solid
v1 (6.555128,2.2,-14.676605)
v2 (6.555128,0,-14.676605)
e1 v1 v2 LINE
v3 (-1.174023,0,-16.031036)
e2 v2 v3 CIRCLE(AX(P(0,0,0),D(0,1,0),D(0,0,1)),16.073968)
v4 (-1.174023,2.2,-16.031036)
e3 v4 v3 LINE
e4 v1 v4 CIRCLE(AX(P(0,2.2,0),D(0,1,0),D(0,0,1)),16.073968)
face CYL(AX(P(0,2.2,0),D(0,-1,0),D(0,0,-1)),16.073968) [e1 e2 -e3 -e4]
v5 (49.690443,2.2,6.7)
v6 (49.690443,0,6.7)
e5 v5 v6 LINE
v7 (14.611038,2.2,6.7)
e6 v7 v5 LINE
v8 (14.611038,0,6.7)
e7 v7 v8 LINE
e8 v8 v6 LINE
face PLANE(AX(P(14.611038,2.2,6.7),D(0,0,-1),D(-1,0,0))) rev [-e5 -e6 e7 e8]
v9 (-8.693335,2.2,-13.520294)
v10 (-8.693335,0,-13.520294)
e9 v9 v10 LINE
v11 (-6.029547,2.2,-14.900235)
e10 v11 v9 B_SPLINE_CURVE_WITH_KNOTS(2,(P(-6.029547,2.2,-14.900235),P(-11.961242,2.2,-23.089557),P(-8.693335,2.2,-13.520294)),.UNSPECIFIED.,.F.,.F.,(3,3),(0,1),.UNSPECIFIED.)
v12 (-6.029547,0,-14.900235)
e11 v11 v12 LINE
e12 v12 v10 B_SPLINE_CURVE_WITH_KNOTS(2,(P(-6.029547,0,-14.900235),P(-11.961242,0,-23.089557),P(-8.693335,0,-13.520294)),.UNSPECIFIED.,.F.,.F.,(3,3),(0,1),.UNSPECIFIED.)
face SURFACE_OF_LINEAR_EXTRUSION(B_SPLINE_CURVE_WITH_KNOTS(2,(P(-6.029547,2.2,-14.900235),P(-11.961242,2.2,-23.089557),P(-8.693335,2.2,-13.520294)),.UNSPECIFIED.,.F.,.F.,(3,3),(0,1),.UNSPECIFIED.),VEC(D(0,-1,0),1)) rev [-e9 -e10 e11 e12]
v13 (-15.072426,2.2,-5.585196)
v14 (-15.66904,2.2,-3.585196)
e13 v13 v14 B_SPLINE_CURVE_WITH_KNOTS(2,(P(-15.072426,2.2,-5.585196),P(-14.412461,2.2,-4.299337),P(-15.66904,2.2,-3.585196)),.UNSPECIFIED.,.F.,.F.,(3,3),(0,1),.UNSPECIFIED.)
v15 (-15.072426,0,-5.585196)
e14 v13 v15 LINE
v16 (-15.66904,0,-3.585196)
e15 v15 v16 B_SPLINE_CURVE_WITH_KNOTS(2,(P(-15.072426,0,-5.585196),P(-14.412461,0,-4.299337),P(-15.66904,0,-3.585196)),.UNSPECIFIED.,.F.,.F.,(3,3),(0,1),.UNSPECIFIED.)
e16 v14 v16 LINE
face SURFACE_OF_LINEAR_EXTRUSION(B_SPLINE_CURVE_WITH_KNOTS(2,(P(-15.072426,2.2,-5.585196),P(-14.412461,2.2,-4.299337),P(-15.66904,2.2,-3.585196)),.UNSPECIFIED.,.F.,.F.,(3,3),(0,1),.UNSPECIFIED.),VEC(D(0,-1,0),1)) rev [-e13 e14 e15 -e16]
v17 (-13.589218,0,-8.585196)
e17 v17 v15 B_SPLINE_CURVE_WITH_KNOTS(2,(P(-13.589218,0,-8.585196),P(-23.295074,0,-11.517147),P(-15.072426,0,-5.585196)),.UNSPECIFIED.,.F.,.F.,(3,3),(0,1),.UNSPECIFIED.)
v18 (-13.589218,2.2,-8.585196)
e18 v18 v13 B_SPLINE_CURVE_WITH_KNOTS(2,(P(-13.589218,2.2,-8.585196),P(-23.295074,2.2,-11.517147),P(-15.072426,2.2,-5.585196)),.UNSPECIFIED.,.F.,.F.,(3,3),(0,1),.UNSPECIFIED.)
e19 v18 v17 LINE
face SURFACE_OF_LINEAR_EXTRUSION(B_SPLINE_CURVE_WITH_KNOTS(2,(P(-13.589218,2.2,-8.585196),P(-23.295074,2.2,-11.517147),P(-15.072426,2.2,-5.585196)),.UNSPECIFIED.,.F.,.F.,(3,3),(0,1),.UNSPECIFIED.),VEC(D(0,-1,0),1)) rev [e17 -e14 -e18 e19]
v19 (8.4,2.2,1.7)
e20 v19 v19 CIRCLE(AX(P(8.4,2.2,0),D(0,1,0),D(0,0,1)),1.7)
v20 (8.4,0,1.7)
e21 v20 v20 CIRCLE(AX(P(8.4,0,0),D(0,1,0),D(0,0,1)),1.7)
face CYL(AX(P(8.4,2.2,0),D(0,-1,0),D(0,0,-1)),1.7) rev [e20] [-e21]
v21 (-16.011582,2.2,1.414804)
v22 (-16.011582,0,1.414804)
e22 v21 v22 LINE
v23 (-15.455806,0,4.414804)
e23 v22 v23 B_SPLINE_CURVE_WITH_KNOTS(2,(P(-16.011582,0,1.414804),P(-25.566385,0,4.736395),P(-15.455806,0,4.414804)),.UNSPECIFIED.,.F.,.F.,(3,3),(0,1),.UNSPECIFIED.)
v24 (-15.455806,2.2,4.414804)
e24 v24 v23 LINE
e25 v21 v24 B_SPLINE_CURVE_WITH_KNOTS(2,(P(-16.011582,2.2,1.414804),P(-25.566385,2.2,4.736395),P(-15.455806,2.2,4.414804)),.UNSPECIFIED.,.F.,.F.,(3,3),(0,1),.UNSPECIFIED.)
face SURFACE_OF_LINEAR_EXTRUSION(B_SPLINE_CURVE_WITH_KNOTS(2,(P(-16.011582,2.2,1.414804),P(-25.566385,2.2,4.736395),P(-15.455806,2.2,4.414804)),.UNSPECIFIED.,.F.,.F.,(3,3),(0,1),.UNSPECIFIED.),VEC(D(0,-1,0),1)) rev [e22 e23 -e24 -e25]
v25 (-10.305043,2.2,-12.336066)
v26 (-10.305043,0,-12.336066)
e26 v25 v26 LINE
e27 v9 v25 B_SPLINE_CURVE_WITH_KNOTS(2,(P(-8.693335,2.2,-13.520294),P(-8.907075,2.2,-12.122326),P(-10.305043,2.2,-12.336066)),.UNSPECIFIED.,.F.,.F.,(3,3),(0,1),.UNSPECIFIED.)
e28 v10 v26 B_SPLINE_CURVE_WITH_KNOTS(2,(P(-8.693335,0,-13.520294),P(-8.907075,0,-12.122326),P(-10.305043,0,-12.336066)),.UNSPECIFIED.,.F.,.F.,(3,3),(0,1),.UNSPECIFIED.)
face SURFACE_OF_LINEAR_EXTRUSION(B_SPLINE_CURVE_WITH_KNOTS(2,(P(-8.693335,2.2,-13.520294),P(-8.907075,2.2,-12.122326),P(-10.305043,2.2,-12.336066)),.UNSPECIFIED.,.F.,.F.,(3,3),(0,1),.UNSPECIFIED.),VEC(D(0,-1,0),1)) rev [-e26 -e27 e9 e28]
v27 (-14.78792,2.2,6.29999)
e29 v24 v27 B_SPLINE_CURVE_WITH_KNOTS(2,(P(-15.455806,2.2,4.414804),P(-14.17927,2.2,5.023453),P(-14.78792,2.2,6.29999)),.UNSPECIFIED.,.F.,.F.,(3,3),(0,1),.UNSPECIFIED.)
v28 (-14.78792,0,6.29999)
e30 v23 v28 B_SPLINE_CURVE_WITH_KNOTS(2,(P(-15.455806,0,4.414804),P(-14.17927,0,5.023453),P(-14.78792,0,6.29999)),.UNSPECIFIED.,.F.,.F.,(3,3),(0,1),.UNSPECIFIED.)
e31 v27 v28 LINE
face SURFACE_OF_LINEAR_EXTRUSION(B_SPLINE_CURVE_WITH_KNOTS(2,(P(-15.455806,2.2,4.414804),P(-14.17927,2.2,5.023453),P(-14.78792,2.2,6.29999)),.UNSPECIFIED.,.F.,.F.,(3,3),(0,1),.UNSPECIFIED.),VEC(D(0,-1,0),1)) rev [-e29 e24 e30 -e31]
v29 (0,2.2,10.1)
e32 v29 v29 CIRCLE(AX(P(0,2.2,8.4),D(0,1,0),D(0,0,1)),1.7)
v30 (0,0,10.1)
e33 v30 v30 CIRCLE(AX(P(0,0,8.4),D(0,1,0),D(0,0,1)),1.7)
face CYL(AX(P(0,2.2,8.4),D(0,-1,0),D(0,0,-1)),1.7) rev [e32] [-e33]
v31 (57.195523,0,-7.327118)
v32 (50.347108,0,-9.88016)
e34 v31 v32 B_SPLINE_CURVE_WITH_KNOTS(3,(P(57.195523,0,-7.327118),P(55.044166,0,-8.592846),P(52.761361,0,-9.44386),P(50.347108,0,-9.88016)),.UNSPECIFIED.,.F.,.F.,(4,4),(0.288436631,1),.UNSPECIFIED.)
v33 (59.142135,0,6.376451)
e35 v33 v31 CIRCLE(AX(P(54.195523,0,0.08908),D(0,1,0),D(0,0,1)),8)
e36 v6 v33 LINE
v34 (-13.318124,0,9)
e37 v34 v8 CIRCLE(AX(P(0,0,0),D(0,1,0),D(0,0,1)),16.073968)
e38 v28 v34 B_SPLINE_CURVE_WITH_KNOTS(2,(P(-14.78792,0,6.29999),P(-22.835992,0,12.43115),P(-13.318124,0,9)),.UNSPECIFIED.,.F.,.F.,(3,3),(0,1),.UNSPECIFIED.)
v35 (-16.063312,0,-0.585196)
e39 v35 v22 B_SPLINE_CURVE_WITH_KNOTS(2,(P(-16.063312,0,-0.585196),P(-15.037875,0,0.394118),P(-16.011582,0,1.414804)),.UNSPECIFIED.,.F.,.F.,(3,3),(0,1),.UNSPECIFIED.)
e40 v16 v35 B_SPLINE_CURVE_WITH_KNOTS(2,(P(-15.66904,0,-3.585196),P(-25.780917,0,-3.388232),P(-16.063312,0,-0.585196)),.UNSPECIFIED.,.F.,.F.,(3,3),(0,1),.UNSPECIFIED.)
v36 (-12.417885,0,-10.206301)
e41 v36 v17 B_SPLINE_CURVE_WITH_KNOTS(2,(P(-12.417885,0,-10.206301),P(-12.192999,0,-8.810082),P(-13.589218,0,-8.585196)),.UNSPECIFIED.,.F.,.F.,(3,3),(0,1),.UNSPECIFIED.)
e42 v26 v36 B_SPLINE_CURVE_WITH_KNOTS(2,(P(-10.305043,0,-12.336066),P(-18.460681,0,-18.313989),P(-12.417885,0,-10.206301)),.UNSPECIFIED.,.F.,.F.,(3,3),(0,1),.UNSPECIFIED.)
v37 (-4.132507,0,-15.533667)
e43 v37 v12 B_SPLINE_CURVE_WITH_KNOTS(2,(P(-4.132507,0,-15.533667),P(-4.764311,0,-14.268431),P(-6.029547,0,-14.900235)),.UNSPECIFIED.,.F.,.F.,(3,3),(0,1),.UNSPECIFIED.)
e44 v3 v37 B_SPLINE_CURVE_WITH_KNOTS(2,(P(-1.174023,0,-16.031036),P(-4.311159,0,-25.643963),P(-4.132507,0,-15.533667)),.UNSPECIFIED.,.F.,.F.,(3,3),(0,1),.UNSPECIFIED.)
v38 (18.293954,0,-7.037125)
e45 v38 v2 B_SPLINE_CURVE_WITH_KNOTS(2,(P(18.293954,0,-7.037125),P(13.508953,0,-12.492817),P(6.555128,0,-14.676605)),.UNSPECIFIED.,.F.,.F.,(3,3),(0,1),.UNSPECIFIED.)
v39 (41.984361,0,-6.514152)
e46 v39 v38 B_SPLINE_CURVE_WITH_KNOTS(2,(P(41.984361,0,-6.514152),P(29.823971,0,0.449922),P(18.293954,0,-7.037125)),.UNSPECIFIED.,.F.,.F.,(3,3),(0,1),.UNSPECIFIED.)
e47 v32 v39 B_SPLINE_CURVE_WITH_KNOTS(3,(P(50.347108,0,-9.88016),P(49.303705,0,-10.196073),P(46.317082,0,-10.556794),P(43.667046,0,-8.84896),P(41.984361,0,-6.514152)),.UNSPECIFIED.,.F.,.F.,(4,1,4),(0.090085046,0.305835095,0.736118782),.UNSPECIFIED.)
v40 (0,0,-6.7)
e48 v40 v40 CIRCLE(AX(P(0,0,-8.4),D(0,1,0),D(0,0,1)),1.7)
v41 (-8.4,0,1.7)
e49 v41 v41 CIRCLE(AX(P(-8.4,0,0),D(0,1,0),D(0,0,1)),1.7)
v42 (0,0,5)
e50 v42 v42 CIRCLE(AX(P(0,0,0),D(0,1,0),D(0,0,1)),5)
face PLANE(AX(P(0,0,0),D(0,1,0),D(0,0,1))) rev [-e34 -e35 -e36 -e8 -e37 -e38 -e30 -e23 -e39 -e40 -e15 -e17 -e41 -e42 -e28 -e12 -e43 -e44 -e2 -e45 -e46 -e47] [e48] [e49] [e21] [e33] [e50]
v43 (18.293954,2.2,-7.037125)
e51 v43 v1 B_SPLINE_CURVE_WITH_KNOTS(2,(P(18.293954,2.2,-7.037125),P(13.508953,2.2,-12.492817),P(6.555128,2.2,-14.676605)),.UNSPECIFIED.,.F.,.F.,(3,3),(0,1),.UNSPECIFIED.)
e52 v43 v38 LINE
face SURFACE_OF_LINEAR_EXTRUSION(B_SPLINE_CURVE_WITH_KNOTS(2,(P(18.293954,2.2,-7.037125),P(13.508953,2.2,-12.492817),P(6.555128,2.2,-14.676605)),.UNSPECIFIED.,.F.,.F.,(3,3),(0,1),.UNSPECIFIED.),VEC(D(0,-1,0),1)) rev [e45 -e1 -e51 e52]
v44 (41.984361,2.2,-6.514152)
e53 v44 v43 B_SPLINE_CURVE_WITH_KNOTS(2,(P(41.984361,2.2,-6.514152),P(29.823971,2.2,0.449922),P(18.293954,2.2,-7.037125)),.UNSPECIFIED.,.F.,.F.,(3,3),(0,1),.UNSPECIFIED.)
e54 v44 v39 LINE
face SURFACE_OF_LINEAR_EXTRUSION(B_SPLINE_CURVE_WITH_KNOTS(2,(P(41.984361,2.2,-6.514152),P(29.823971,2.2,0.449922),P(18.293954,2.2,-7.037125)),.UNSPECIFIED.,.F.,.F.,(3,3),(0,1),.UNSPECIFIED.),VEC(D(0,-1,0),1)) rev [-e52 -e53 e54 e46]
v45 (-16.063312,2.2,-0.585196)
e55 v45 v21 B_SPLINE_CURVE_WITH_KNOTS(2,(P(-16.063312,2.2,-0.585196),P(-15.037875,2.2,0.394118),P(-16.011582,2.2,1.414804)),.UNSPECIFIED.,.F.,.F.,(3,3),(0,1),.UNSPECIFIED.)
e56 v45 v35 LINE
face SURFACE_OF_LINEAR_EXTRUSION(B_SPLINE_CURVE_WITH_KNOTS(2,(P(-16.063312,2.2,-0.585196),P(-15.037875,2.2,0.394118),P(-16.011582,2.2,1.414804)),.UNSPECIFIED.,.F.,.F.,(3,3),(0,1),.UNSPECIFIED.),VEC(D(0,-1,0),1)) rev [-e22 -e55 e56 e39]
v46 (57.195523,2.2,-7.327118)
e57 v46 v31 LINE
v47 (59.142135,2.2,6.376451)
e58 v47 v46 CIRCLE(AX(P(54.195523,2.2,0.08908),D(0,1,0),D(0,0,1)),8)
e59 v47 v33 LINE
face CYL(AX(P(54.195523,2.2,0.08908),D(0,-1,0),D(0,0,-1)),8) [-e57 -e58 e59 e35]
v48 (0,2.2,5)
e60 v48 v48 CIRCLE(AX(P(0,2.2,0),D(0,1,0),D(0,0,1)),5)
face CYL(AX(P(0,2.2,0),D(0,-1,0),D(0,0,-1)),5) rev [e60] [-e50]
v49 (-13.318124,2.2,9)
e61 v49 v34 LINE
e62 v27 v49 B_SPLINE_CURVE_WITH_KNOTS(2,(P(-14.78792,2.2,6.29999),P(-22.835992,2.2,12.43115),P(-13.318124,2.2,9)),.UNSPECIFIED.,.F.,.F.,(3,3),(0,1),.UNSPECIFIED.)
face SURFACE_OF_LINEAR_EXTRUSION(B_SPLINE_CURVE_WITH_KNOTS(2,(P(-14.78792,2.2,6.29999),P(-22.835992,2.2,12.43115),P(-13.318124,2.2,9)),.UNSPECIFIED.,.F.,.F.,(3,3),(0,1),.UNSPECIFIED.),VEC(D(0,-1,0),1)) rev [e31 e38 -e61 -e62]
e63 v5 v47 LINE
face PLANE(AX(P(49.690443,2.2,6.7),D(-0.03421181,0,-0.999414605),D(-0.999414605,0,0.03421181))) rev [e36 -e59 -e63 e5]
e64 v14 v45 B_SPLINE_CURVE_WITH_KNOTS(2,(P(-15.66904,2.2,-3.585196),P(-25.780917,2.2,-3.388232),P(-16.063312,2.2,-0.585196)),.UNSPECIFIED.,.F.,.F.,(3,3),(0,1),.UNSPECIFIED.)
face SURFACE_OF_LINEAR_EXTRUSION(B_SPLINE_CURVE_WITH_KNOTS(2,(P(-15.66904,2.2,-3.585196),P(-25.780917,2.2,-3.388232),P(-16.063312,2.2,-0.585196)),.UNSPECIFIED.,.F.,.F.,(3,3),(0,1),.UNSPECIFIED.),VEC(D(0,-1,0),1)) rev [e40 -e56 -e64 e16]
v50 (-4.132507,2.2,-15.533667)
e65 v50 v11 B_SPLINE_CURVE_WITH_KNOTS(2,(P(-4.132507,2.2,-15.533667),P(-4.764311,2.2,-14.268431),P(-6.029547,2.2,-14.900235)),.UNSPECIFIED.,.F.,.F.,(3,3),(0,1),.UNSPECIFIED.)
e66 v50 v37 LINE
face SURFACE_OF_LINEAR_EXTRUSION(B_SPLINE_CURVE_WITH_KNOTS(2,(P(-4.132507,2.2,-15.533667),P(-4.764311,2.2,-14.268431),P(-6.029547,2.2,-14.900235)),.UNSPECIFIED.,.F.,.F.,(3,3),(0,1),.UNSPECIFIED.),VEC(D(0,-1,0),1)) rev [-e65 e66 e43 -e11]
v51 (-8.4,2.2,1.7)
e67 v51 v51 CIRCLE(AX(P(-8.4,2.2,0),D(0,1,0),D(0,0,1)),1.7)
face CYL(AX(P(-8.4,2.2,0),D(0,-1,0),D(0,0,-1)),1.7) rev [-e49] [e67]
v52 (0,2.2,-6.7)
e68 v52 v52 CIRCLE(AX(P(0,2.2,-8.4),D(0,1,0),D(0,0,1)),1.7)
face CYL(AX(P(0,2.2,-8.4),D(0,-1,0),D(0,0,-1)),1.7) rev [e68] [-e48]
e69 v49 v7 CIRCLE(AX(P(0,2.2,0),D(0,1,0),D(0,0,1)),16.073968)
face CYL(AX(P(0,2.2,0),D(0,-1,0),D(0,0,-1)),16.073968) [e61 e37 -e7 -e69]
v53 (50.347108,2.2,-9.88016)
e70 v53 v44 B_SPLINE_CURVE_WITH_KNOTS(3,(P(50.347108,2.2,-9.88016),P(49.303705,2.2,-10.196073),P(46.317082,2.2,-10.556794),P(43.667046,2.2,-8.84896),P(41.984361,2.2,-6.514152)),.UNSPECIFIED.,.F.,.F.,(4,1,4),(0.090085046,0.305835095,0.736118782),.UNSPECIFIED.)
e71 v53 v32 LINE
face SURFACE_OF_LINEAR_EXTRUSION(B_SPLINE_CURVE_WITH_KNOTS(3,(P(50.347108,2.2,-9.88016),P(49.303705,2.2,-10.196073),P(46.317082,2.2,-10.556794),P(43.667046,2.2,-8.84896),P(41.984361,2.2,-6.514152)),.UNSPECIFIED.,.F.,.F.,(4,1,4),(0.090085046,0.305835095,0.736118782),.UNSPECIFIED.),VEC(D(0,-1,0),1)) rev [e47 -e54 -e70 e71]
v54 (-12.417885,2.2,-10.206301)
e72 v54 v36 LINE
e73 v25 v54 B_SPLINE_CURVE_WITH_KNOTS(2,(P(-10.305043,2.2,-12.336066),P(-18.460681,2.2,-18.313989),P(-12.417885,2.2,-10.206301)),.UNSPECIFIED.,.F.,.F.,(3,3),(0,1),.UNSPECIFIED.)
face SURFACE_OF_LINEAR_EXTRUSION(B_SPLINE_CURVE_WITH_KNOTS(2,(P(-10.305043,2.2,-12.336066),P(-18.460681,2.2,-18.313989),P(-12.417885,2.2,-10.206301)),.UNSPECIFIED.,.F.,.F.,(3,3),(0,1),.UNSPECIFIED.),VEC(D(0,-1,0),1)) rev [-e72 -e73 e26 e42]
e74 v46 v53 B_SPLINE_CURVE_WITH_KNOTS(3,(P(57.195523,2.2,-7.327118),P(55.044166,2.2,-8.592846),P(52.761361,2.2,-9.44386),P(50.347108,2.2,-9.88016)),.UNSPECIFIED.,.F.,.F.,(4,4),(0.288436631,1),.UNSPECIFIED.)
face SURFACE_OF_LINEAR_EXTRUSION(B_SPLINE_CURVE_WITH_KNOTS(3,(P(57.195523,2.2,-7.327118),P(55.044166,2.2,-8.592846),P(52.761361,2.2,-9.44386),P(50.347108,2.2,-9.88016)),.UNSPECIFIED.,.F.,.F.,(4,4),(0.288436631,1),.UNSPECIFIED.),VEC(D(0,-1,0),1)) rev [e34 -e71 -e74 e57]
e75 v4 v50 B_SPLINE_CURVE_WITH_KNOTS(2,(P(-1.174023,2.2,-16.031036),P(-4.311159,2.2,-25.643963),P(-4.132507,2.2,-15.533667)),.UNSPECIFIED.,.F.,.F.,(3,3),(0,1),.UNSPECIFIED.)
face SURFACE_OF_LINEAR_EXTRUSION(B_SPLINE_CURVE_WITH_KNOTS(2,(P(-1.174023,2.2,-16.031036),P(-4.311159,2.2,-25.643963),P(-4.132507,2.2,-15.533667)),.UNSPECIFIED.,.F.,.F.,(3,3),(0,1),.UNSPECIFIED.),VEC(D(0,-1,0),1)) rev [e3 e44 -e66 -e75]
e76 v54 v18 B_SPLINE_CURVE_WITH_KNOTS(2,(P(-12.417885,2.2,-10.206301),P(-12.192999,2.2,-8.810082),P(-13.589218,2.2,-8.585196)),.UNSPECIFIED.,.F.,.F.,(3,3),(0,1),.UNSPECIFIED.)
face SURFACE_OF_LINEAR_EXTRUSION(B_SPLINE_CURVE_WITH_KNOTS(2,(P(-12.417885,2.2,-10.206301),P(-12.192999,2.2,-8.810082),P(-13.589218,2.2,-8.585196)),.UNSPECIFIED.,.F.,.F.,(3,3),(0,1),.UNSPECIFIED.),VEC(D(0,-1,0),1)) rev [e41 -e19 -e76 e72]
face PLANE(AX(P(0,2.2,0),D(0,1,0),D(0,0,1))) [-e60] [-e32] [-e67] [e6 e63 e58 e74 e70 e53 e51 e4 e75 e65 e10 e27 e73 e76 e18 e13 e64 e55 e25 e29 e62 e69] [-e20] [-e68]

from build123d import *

# Parameters (mm, degrees)
SKETCH_1_R      = 5
SKETCH_1_R_2    = 1.7
EXTRUDE_1_DEPTH = 2.2


with BuildPart() as part:
    # 草图1 → 凸台-拉伸1 (new body)
    with BuildSketch(Plane(origin=(0, 0, 0), x_dir=(1, 0, 0), z_dir=(0, 1, 0))):
        with BuildLine():
            Line((14.611038219, -6.7), (49.690443214, -6.7))
            Line((49.690443214, -6.7), (59.14213471, -6.376451123))
            ThreePointArc((59.14213471, -6.376451123), (62.116009682, 1.036036266), (57.195522798, 7.327118086))
            add(Edge.make_bspline(
                [(50.347107534, 9.880159683), (52.761361064, 9.443859829), (55.044166152, 8.592845964), (57.195522798, 7.327118086)],
                knots=[0.288436631, 0.288436631, 0.288436631, 0.288436631, 1, 1, 1, 1], degree=3))
            add(Edge.make_bspline(
                [(41.984360593, 6.514151987), (43.667045792, 8.848960271), (46.317081673, 10.55679372), (49.303704664, 10.196073302), (50.347107534, 9.880159683)],
                knots=[0.090085046, 0.090085046, 0.090085046, 0.090085046, 0.520368733, 0.736118782, 0.736118782, 0.736118782, 0.736118782], degree=3))
            add(Edge.make_bspline(
                [(18.29395406, 7.037125327), (29.823970963, -0.449921726), (41.984360593, 6.514151987)],
                knots=[0, 0, 0, 1, 1, 1], degree=2))
            add(Edge.make_bspline(
                [(6.555128163, 14.676604942), (13.508953417, 12.492816522), (18.29395406, 7.037125327)],
                knots=[0, 0, 0, 1, 1, 1], degree=2))
            ThreePointArc((6.555128163, 14.676604942), (2.774471684, 15.832711225), (-1.174023286, 16.031035749))
            add(Edge.make_bspline(
                [(-4.132506817, 15.533667476), (-4.311159294, 25.643963381), (-1.174023286, 16.031035749)],
                knots=[0, 0, 0, 1, 1, 1], degree=2))
            add(Edge.make_bspline(
                [(-6.029547406, 14.900234761), (-4.764310754, 14.268430824), (-4.132506817, 15.533667476)],
                knots=[0, 0, 0, 1, 1, 1], degree=2))
            add(Edge.make_bspline(
                [(-8.69333509, 13.520294481), (-11.961242179, 23.089556901), (-6.029547406, 14.900234761)],
                knots=[0, 0, 0, 1, 1, 1], degree=2))
            add(Edge.make_bspline(
                [(-10.305043141, 12.336065974), (-8.907074862, 12.122326202), (-8.69333509, 13.520294481)],
                knots=[0, 0, 0, 1, 1, 1], degree=2))
            add(Edge.make_bspline(
                [(-12.417884822, 10.206300721), (-18.460681491, 18.31398895), (-10.305043141, 12.336065974)],
                knots=[0, 0, 0, 1, 1, 1], degree=2))
            add(Edge.make_bspline(
                [(-13.589217783, 8.585196439), (-12.192999161, 8.810082099), (-12.417884822, 10.206300721)],
                knots=[0, 0, 0, 1, 1, 1], degree=2))
            add(Edge.make_bspline(
                [(-15.07242577, 5.585196439), (-23.295073991, 11.517146599), (-13.589217783, 8.585196439)],
                knots=[0, 0, 0, 1, 1, 1], degree=2))
            add(Edge.make_bspline(
                [(-15.669039675, 3.585196439), (-14.412461062, 4.29933734), (-15.07242577, 5.585196439)],
                knots=[0, 0, 0, 1, 1, 1], degree=2))
            add(Edge.make_bspline(
                [(-16.063311706, 0.585196439), (-25.780917218, 3.388231532), (-15.669039675, 3.585196439)],
                knots=[0, 0, 0, 1, 1, 1], degree=2))
            add(Edge.make_bspline(
                [(-16.011582331, -1.414803561), (-15.037875075, -0.394118455), (-16.063311706, 0.585196439)],
                knots=[0, 0, 0, 1, 1, 1], degree=2))
            add(Edge.make_bspline(
                [(-15.455806267, -4.414803561), (-25.566384923, -4.736394924), (-16.011582331, -1.414803561)],
                knots=[0, 0, 0, 1, 1, 1], degree=2))
            add(Edge.make_bspline(
                [(-14.787919584, -6.299989859), (-14.179269776, -5.023453369), (-15.455806267, -4.414803561)],
                knots=[0, 0, 0, 1, 1, 1], degree=2))
            add(Edge.make_bspline(
                [(-13.318124412, -9), (-22.835991784, -12.431149783), (-14.787919584, -6.299989859)],
                knots=[0, 0, 0, 1, 1, 1], degree=2))
            ThreePointArc((-13.318124412, -9), (1.319244681, -16.019738803), (14.611038219, -6.7))
        make_face()
        with Locations(Location((0, 0, 0), (0, 0, 270))):
            Circle(SKETCH_1_R, mode=Mode.SUBTRACT)
        with Locations(Location((0, 8.4, 0), (0, 0, 270))):
            Circle(SKETCH_1_R_2, mode=Mode.SUBTRACT)
        with Locations(Location((8.4, 0, 0), (0, 0, 270))):
            Circle(SKETCH_1_R_2, mode=Mode.SUBTRACT)
        with Locations(Location((-8.4, 0, 0), (0, 0, 270))):
            Circle(SKETCH_1_R_2, mode=Mode.SUBTRACT)
        with Locations(Location((0, -8.4, 0), (0, 0, 270))):
            Circle(SKETCH_1_R_2, mode=Mode.SUBTRACT)
    extrude(amount=EXTRUDE_1_DEPTH)


solid = part.part
